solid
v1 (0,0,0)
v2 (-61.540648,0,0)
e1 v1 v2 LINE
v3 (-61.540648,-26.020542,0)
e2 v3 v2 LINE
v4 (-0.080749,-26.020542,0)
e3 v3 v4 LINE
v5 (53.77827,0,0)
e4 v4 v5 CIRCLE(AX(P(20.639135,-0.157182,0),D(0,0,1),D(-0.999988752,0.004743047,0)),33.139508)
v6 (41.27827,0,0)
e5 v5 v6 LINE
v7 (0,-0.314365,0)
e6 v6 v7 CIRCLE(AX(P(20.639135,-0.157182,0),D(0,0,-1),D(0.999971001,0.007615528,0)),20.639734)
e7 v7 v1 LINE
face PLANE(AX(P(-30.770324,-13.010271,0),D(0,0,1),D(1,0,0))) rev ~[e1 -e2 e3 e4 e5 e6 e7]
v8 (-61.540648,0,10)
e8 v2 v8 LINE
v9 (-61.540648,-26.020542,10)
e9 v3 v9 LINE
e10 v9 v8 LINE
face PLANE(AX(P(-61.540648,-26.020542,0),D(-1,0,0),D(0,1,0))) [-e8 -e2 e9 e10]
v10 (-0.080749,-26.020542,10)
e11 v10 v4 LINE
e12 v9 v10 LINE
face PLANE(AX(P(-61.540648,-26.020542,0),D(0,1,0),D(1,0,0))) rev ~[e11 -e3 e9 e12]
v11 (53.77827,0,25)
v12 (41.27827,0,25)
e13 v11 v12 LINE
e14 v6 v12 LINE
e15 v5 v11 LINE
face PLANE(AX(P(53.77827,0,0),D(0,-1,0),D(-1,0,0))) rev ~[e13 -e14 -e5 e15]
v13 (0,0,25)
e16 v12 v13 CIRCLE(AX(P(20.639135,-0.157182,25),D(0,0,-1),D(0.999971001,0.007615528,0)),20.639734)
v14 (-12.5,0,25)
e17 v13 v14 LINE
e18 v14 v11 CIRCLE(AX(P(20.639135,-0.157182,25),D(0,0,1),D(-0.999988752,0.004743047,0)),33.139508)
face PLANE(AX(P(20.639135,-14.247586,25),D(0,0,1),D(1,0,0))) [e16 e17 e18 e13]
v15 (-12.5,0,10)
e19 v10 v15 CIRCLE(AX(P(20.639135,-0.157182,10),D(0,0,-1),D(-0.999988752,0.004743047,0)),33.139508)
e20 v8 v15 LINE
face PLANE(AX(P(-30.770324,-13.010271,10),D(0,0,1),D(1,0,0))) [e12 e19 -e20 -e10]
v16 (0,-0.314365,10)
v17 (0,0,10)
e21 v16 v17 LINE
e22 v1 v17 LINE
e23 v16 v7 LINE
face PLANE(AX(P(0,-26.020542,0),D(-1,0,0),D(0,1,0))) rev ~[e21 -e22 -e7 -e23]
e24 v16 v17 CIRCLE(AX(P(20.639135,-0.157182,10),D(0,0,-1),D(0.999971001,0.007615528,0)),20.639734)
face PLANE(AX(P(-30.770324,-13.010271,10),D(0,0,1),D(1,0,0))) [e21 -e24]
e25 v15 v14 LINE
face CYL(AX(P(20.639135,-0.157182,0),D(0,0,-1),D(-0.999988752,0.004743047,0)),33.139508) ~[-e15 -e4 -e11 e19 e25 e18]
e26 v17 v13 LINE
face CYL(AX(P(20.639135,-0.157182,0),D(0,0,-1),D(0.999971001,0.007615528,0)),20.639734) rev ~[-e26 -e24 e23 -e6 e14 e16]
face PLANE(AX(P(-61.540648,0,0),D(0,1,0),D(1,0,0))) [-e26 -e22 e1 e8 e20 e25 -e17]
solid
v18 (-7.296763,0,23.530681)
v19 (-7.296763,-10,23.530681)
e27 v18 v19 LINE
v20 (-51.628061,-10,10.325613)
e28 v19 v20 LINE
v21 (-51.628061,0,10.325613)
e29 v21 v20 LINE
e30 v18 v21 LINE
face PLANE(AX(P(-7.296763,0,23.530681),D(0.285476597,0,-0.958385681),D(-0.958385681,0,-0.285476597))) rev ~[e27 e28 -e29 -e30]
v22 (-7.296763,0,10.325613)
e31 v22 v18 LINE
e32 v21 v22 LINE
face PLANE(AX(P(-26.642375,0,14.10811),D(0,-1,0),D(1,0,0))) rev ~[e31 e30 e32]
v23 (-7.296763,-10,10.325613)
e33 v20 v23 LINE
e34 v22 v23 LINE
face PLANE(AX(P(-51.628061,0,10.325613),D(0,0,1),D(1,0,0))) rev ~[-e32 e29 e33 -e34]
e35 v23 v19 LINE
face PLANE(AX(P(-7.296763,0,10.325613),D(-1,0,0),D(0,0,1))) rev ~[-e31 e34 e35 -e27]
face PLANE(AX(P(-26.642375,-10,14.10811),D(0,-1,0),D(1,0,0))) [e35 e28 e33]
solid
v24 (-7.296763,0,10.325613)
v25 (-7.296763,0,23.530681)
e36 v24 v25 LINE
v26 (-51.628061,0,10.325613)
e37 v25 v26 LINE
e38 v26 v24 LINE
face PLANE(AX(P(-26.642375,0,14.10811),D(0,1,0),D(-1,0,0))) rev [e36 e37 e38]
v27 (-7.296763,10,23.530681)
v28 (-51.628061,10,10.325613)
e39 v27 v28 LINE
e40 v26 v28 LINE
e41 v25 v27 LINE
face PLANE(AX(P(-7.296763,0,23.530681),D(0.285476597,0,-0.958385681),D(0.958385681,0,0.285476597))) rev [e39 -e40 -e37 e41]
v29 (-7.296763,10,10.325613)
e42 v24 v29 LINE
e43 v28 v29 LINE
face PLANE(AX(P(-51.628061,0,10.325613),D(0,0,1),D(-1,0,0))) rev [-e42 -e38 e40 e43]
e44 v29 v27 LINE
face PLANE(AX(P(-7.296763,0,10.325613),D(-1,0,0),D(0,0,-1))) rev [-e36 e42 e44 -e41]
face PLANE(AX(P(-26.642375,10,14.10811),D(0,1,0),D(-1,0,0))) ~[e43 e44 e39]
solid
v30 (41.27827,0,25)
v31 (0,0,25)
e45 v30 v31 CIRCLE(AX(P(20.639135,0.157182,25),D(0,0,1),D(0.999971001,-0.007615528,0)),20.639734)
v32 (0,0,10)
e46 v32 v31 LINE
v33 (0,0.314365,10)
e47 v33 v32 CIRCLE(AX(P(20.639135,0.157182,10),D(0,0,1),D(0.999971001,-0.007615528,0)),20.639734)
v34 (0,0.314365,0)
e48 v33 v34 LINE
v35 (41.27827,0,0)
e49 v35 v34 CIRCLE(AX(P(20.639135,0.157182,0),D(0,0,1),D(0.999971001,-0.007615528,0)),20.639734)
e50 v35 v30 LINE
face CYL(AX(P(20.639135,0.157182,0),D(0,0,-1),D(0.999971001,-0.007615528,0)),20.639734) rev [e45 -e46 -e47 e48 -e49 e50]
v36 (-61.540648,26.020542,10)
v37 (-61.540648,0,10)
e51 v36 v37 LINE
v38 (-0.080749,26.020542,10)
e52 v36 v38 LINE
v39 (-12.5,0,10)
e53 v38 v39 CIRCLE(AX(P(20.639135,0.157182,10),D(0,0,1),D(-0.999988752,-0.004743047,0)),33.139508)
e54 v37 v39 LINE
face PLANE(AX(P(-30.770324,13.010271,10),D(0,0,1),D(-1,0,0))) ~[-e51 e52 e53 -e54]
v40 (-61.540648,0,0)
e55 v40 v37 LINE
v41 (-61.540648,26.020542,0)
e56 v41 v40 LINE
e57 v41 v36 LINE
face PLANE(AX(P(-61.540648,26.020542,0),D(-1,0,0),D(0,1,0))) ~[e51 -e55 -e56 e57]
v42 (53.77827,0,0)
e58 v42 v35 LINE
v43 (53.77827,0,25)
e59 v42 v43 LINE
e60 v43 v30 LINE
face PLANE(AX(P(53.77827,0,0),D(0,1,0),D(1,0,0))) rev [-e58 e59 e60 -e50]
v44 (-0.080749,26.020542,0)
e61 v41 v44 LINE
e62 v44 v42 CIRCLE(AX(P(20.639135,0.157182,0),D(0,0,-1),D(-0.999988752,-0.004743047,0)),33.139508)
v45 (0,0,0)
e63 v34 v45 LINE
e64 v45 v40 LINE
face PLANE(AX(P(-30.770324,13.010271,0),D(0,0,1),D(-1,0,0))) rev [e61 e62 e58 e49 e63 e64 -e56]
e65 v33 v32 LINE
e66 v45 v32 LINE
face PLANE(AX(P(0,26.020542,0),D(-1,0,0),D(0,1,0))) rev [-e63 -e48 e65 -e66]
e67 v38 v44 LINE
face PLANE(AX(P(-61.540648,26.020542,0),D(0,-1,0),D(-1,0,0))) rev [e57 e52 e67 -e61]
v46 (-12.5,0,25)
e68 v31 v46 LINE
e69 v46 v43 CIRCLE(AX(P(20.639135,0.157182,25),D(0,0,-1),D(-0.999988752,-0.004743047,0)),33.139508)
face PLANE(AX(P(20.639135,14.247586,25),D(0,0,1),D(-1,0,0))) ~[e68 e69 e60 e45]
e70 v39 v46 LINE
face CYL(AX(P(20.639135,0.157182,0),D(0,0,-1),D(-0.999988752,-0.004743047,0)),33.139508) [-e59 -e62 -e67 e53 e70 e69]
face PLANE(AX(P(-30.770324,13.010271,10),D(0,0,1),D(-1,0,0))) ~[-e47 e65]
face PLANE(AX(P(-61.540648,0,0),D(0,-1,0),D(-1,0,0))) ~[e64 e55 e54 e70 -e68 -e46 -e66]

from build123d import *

# Parameters (mm, degrees)
F1_DEPTH = 25
F2_W     = 61.540648
F2_H     = 26.020542
F3_DEPTH = 10
F5_DEPTH = 10


with BuildPart() as f1:
    # F0 (on Top) → F1 (new body)
    with BuildSketch(Plane.XY):
        with BuildLine():
            Line((0, 0), (-12.5, 0))
            ThreePointArc((-12.5, 0), (20.639135, -33.29669), (53.77827, 0))
            Line((53.77827, 0), (41.27827, 0))
            ThreePointArc((41.27827, 0), (20.639135, -20.796916), (0, 0))
        make_face()
    extrude(amount=F1_DEPTH)

    # F2 (on Top) → F3 (join)
    with BuildSketch(Plane.XY):
        with Locations((-30.770324, -13.010271)):
            Rectangle(F2_W, F2_H)
    extrude(amount=F3_DEPTH)


with BuildPart() as f5:
    # F4 (on Front) → F5 (new body)
    with BuildSketch(Plane.XZ):
        Polygon((-51.628061, 10.325613), (-7.296763, 10.325613), (-7.296763, 23.530681), align=None)
    extrude(amount=F5_DEPTH)


with BuildPart() as f6_1:
    # F6: instance of F1
    add(f1.part.mirror(Plane.XZ))


with BuildPart() as f6_2:
    # F6: instance of F5
    add(f5.part.mirror(Plane.XZ))


solid = Compound([f1.part, f5.part, f6_1.part, f6_2.part])
